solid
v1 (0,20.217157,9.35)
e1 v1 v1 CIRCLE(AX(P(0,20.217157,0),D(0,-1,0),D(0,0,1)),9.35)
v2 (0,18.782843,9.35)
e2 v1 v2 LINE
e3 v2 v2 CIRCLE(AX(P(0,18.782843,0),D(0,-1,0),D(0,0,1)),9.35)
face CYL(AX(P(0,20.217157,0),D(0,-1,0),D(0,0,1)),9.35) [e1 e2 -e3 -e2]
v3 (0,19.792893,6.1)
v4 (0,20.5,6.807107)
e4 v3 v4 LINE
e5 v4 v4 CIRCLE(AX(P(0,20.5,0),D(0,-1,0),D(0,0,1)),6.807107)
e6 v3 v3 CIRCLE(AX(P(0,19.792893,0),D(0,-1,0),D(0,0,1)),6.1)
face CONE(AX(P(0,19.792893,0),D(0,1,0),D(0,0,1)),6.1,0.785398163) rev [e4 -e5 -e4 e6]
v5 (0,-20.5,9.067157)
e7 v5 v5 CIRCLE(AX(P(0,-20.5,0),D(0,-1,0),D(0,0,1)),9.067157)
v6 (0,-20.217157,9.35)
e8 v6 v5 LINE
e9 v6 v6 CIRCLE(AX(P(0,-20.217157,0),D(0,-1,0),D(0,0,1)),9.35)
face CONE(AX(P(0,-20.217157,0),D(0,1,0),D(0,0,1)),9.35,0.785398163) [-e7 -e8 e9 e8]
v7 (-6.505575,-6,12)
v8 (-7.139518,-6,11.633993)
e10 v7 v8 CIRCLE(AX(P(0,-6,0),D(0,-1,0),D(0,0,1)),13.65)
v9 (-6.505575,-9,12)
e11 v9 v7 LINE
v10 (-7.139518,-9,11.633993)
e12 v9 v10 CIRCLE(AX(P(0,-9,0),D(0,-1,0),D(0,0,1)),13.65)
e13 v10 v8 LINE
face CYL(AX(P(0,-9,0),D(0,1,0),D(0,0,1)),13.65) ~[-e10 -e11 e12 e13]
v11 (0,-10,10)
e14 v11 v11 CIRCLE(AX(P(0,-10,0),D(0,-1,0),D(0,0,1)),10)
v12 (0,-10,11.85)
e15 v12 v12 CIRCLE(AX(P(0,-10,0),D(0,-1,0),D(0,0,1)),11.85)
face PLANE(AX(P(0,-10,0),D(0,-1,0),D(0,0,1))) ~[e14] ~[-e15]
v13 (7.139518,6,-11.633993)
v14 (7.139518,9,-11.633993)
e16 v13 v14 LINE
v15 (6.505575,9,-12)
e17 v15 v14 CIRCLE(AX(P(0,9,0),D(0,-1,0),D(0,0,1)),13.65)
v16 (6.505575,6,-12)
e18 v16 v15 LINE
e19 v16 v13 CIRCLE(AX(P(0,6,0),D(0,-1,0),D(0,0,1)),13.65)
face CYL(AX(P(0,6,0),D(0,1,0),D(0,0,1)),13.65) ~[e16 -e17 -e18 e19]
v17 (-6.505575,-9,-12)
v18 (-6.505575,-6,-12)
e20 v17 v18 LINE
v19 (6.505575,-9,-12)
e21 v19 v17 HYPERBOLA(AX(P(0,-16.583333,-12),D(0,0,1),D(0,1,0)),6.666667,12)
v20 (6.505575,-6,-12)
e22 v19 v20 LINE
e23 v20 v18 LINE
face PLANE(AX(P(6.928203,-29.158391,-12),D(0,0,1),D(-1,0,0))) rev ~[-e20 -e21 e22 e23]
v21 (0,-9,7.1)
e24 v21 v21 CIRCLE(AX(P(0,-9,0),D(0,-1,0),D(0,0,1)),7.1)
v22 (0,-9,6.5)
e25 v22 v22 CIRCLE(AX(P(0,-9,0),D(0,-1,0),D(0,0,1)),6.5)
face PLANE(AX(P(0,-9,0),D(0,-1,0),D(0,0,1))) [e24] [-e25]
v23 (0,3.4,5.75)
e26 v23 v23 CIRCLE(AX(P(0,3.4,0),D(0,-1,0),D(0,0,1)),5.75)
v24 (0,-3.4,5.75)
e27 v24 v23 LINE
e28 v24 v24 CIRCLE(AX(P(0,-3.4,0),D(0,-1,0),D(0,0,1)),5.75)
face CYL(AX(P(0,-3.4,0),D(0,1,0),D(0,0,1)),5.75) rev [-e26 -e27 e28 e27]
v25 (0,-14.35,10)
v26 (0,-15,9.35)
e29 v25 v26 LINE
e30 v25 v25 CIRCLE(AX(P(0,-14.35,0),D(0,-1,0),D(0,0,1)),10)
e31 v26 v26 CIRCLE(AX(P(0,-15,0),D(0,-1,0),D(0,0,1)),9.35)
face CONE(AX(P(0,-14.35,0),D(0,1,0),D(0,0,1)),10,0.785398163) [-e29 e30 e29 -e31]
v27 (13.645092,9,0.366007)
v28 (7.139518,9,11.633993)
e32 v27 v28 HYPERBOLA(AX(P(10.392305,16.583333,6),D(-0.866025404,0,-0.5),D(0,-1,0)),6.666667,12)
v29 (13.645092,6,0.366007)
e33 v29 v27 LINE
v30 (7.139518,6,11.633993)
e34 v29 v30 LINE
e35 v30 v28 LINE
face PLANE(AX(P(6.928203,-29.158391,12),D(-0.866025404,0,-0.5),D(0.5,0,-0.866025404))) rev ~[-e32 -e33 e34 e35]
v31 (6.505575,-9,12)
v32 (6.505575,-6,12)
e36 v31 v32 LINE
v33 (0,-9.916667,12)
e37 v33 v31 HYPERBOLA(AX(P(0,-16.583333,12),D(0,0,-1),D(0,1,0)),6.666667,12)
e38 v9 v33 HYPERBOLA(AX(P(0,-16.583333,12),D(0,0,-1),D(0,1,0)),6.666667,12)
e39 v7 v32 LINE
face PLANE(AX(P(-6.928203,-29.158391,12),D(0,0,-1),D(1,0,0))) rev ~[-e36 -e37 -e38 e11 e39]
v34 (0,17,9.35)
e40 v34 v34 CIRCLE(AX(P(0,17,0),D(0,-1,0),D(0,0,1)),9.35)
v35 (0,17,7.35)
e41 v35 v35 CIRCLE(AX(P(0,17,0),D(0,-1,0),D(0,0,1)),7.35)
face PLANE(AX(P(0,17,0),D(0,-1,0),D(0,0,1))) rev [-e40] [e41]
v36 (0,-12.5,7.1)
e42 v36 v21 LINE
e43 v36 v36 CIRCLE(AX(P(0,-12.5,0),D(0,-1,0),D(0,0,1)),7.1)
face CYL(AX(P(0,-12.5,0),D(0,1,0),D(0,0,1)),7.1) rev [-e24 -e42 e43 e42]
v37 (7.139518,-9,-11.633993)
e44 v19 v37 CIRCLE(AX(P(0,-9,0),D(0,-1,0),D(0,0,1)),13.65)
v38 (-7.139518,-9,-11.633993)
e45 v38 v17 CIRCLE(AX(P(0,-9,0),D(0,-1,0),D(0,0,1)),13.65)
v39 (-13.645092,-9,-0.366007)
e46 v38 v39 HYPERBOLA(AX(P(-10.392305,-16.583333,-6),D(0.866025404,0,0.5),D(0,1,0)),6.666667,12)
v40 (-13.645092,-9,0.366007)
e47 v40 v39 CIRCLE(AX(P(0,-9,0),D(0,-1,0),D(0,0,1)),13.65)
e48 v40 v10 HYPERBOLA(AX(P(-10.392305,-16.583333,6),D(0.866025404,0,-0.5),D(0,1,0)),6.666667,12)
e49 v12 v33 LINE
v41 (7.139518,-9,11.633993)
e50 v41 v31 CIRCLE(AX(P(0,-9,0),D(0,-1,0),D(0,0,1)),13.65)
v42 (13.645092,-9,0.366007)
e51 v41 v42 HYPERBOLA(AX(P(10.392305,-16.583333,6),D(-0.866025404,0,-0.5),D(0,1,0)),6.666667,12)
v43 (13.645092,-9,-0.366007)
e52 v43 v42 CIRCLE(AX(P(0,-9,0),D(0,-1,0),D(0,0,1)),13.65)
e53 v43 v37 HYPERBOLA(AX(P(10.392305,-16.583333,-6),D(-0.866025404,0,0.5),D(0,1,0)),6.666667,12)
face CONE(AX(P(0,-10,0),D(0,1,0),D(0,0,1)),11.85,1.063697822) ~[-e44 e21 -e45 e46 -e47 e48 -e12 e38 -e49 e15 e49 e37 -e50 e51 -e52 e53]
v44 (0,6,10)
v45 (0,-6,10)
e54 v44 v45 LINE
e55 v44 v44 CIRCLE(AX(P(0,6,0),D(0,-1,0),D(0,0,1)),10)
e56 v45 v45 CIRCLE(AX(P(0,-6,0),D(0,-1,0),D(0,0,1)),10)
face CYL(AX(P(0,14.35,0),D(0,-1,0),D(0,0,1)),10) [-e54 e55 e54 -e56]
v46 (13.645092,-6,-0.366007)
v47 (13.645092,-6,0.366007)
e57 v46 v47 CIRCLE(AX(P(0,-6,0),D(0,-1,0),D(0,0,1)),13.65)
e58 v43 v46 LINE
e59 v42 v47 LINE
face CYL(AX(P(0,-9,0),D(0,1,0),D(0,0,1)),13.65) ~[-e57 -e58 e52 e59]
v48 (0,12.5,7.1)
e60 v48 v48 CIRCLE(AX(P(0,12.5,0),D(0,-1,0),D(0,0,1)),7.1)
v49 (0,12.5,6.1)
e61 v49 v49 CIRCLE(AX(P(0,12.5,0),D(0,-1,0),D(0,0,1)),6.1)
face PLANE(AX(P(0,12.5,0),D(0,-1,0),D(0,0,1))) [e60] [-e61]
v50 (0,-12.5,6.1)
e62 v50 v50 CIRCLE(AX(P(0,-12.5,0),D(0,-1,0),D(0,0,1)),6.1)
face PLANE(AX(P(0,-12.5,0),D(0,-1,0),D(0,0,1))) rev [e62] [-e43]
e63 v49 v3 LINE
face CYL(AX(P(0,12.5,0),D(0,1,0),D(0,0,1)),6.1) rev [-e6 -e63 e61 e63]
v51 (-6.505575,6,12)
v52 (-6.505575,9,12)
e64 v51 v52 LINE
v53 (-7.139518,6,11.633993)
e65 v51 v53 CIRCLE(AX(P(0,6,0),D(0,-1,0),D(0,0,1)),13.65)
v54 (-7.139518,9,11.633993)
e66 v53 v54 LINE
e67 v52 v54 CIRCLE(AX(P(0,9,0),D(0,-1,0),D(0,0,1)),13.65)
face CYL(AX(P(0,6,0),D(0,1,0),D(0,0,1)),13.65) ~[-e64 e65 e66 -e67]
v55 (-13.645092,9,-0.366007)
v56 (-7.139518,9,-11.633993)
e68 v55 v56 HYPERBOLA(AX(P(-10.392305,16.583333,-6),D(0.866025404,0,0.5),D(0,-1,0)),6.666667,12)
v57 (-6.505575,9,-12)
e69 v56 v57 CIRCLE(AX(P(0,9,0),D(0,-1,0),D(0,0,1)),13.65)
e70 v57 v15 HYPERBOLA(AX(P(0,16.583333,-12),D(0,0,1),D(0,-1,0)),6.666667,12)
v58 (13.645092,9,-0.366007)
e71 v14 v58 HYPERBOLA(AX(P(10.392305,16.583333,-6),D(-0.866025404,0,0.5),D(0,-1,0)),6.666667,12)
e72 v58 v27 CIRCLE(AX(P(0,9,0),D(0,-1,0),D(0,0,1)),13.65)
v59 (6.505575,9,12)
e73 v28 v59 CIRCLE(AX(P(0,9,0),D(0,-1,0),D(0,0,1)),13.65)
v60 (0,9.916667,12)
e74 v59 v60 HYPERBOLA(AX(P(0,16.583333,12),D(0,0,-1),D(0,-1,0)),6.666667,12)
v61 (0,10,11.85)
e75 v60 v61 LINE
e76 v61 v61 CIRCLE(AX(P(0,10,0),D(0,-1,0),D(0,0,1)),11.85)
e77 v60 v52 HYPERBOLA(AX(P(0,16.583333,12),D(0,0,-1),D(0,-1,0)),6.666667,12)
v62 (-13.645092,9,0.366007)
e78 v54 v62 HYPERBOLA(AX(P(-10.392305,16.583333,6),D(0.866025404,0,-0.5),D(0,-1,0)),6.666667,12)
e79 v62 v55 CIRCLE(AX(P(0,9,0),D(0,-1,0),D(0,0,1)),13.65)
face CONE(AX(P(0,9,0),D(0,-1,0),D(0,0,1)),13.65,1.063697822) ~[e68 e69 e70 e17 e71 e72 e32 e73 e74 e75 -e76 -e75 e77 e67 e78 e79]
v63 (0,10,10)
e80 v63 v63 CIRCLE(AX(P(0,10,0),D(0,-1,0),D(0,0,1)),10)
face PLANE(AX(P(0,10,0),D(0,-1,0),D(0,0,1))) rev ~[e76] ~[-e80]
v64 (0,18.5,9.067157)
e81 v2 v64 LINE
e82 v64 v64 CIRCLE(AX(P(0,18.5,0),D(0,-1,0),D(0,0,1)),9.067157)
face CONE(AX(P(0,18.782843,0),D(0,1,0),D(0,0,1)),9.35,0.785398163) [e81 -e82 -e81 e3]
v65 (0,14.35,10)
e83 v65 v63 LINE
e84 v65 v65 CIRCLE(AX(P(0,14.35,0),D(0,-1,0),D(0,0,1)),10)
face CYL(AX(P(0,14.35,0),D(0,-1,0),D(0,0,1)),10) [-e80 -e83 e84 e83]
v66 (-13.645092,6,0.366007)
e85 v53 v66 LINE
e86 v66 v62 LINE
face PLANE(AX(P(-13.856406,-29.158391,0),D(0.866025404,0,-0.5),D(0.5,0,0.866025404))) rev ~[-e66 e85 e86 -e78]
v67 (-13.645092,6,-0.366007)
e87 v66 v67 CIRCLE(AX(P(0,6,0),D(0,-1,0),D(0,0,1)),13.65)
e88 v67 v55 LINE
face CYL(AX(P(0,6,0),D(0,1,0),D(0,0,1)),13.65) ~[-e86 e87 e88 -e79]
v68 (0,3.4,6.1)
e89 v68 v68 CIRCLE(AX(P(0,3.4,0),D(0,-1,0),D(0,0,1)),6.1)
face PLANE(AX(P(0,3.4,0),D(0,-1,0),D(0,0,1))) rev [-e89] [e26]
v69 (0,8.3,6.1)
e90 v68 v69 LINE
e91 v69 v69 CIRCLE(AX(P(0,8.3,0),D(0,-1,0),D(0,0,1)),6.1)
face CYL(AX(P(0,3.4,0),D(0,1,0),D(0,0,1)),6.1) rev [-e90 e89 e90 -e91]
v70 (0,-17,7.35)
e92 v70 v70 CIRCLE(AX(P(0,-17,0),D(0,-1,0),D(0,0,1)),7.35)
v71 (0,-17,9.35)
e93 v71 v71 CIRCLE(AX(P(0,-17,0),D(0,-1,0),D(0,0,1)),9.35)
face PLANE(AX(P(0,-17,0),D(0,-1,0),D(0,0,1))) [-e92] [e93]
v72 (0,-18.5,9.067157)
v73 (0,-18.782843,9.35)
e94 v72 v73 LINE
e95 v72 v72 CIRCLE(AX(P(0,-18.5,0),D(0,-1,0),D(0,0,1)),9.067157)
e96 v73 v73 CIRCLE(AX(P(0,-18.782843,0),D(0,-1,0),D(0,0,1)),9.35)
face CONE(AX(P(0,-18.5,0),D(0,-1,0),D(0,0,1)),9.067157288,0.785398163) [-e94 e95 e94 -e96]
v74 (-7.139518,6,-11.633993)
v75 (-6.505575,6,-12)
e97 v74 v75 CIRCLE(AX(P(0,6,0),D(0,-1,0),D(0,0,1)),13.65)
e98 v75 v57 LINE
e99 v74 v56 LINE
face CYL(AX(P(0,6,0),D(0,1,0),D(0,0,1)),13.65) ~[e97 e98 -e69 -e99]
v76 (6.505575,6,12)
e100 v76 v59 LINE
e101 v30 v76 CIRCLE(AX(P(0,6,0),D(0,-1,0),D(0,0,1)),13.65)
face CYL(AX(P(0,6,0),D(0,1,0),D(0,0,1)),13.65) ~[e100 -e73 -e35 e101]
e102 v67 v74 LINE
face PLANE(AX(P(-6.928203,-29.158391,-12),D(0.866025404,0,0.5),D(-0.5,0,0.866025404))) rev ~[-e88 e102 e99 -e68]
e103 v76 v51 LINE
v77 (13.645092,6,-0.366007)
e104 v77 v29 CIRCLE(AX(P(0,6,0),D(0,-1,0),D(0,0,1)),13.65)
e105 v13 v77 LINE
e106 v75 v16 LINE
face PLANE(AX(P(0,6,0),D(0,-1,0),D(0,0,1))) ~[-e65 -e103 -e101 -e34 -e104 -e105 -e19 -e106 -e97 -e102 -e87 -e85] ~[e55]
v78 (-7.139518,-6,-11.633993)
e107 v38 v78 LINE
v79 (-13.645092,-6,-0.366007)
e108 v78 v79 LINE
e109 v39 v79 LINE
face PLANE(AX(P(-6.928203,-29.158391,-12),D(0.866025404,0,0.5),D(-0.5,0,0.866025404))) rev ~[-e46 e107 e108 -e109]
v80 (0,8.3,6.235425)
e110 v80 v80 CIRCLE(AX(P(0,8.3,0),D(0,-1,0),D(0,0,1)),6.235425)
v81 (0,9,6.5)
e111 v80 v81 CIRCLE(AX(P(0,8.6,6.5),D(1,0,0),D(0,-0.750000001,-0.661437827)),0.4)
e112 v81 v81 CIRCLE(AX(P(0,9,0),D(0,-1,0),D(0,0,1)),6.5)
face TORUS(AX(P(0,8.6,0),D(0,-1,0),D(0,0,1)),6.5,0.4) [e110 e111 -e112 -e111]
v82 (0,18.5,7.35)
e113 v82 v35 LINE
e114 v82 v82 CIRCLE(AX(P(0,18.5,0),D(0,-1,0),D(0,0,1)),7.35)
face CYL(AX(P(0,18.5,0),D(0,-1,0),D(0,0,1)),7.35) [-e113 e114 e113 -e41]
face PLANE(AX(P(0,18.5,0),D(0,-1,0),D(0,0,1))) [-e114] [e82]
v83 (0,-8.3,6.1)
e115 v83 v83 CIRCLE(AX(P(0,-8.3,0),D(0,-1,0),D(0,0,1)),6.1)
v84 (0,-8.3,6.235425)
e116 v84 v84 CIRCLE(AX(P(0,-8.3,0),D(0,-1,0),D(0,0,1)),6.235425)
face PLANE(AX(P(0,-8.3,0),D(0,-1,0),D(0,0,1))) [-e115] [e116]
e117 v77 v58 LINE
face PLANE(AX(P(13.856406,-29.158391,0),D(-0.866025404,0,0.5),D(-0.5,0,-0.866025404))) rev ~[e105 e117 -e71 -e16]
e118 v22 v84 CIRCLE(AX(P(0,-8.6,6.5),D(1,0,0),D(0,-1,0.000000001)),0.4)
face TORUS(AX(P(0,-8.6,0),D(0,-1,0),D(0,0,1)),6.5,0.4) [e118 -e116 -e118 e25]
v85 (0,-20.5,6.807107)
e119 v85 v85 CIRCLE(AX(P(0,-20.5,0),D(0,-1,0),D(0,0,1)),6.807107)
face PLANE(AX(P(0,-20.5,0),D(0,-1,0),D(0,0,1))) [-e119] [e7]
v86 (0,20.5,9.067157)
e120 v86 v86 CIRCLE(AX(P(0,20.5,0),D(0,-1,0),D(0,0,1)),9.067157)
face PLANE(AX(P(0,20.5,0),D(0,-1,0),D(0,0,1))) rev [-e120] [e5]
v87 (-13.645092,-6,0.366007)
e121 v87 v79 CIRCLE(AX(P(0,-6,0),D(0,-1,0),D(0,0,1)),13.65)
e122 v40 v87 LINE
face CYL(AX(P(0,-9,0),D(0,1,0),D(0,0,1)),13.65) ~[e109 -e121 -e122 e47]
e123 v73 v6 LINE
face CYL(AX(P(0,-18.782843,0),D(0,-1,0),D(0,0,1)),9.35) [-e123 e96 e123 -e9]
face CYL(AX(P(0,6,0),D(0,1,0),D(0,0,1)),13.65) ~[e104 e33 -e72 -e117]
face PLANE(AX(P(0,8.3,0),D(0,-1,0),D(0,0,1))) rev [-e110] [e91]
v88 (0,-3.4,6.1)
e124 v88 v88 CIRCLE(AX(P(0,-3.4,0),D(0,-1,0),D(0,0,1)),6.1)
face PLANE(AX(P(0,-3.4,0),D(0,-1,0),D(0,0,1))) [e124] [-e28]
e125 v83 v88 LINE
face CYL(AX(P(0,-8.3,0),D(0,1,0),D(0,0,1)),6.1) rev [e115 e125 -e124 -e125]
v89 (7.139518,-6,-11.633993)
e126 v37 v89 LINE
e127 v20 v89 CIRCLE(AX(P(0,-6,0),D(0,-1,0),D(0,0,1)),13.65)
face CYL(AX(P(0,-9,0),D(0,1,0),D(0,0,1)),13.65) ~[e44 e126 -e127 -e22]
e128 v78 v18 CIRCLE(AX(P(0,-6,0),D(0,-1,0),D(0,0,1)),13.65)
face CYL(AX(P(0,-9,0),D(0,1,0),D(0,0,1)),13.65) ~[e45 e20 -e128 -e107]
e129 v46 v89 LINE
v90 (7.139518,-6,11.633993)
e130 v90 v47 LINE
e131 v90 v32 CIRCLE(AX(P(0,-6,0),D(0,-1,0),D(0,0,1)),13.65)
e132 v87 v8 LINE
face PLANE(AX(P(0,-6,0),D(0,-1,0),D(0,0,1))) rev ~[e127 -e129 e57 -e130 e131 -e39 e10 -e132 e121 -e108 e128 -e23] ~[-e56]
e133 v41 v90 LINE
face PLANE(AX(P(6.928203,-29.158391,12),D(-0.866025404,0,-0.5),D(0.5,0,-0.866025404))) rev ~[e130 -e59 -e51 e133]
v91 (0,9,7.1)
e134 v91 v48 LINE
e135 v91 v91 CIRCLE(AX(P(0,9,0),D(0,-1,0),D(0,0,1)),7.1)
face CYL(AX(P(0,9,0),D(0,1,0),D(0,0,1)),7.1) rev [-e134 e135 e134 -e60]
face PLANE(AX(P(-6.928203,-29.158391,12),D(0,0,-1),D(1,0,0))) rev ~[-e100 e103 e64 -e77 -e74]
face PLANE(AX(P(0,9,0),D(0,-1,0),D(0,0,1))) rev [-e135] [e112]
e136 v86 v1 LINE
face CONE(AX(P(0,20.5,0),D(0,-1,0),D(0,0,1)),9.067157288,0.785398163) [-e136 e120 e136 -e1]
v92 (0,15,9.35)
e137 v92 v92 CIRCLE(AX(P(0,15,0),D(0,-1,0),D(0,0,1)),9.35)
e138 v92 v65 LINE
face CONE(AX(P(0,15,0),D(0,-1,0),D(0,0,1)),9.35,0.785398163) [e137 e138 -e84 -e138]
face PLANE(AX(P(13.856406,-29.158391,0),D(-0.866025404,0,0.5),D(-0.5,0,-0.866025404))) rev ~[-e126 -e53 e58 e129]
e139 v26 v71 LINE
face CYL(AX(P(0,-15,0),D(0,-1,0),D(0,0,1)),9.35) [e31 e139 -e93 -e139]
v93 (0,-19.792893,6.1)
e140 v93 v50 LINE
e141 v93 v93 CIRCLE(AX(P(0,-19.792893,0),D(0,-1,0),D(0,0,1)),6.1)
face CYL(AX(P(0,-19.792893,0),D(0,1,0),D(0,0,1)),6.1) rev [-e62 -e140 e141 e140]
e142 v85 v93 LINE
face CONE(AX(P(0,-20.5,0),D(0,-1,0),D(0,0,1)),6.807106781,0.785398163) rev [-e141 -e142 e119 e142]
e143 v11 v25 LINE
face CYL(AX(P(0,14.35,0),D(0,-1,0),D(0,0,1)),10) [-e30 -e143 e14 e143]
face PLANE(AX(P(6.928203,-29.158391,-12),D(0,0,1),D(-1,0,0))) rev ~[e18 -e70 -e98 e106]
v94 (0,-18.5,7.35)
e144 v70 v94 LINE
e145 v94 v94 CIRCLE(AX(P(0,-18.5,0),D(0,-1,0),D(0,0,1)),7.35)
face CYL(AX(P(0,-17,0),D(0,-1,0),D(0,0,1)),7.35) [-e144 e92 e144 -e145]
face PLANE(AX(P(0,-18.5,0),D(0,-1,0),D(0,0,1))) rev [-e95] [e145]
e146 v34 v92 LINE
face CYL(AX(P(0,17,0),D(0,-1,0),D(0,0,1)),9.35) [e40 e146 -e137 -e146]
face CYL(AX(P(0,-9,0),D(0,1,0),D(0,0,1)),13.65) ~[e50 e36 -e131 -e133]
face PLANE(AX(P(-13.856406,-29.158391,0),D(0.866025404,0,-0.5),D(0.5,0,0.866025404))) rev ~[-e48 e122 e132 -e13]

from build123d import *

# Parameters (mm, degrees)
CUT_EXTRUDE_1_DEPTH      = 29.158391289
CUT_EXTRUDE_1_DEPTH_BACK = 29.158391289
SKETCH_2_R               = 15.051532373


with BuildPart() as part:
    # 草圖1 → 旋轉1 (revolve)
    with BuildSketch(Plane.XY, mode=Mode.PRIVATE) as revolve_1_sk:
        with BuildLine():
            ThreePointArc((6.5, -9), (6.125834261, -8.741421356), (6.235424869, -8.3))
            Line((6.235424869, -8.3), (6.1, -8.3))
            Line((6.1, -8.3), (6.1, -3.4))
            Line((6.1, -3.4), (5.75, -3.4))
            Line((5.75, -3.4), (5.75, 3.4))
            Line((5.75, 3.4), (6.1, 3.4))
            Line((6.1, 3.4), (6.1, 8.3))
            Line((6.1, 8.3), (6.235424869, 8.3))
            ThreePointArc((6.235424869, 8.3), (6.125834261, 8.741421356), (6.5, 9))
            Line((6.5, 9), (7.1, 9))
            Line((7.1, 9), (7.1, 12.5))
            Line((7.1, 12.5), (6.1, 12.5))
            Line((6.1, 12.5), (6.1, 19.792893219))
            Line((6.1, 19.792893219), (6.807106781, 20.5))
            Line((6.807106781, 20.5), (9.067157288, 20.5))
            Line((9.067157288, 20.5), (9.35, 20.217157288))
            Line((9.35, 20.217157288), (9.35, 18.782842712))
            Line((9.35, 18.782842712), (9.067157288, 18.5))
            Line((9.067157288, 18.5), (7.35, 18.5))
            Line((7.35, 18.5), (7.35, 17))
            Line((7.35, 17), (9.35, 17))
            Line((9.35, 17), (9.35, 15))
            Line((9.35, 15), (10, 14.35))
            Line((10, 14.35), (10, -14.35))
            Line((10, -14.35), (9.35, -15))
            Line((9.35, -15), (9.35, -17))
            Line((9.35, -17), (7.35, -17))
            Line((7.35, -17), (7.35, -18.5))
            Line((7.35, -18.5), (9.067157288, -18.5))
            Line((9.067157288, -18.5), (9.35, -18.782842712))
            Line((9.35, -18.782842712), (9.35, -20.217157288))
            Line((9.35, -20.217157288), (9.067157288, -20.5))
            Line((9.067157288, -20.5), (6.807106781, -20.5))
            Line((6.807106781, -20.5), (6.1, -19.792893219))
            Line((6.1, -19.792893219), (6.1, -12.5))
            Line((6.1, -12.5), (7.1, -12.5))
            Line((7.1, -12.5), (7.1, -9))
            Line((7.1, -9), (6.5, -9))
        make_face()
        Polygon((11.85, 10), (10, 10), (10, 6), (13.65, 6), (13.65, 9), align=None)
        Polygon((13.65, -6), (10, -6), (10, -10), (11.85, -10), (13.65, -9), align=None)
    revolve(revolve_1_sk.sketch.rotate(Axis((0, 26.248758247, 0), (0, -1, 0)), 90), axis=Axis((0, 26.248758247, 0), (0, -1, 0)))

    # 草圖2 → 除料-伸長1 (cut, two sides: drawn at the far end of the back side and taken through both)
    with BuildSketch(Plane(origin=(0, 0, 0), x_dir=(1, 0, 0), z_dir=(0, 1, 0)).offset(-CUT_EXTRUDE_1_DEPTH_BACK)):
        Circle(SKETCH_2_R)
        Polygon((13.856406461, 0), (6.92820323, 12), (-6.92820323, 12), (-13.856406461, 0), (-6.92820323, -12), (6.92820323, -12), align=None, mode=Mode.SUBTRACT)
    extrude(amount=CUT_EXTRUDE_1_DEPTH + CUT_EXTRUDE_1_DEPTH_BACK, mode=Mode.SUBTRACT)


solid = part.part
